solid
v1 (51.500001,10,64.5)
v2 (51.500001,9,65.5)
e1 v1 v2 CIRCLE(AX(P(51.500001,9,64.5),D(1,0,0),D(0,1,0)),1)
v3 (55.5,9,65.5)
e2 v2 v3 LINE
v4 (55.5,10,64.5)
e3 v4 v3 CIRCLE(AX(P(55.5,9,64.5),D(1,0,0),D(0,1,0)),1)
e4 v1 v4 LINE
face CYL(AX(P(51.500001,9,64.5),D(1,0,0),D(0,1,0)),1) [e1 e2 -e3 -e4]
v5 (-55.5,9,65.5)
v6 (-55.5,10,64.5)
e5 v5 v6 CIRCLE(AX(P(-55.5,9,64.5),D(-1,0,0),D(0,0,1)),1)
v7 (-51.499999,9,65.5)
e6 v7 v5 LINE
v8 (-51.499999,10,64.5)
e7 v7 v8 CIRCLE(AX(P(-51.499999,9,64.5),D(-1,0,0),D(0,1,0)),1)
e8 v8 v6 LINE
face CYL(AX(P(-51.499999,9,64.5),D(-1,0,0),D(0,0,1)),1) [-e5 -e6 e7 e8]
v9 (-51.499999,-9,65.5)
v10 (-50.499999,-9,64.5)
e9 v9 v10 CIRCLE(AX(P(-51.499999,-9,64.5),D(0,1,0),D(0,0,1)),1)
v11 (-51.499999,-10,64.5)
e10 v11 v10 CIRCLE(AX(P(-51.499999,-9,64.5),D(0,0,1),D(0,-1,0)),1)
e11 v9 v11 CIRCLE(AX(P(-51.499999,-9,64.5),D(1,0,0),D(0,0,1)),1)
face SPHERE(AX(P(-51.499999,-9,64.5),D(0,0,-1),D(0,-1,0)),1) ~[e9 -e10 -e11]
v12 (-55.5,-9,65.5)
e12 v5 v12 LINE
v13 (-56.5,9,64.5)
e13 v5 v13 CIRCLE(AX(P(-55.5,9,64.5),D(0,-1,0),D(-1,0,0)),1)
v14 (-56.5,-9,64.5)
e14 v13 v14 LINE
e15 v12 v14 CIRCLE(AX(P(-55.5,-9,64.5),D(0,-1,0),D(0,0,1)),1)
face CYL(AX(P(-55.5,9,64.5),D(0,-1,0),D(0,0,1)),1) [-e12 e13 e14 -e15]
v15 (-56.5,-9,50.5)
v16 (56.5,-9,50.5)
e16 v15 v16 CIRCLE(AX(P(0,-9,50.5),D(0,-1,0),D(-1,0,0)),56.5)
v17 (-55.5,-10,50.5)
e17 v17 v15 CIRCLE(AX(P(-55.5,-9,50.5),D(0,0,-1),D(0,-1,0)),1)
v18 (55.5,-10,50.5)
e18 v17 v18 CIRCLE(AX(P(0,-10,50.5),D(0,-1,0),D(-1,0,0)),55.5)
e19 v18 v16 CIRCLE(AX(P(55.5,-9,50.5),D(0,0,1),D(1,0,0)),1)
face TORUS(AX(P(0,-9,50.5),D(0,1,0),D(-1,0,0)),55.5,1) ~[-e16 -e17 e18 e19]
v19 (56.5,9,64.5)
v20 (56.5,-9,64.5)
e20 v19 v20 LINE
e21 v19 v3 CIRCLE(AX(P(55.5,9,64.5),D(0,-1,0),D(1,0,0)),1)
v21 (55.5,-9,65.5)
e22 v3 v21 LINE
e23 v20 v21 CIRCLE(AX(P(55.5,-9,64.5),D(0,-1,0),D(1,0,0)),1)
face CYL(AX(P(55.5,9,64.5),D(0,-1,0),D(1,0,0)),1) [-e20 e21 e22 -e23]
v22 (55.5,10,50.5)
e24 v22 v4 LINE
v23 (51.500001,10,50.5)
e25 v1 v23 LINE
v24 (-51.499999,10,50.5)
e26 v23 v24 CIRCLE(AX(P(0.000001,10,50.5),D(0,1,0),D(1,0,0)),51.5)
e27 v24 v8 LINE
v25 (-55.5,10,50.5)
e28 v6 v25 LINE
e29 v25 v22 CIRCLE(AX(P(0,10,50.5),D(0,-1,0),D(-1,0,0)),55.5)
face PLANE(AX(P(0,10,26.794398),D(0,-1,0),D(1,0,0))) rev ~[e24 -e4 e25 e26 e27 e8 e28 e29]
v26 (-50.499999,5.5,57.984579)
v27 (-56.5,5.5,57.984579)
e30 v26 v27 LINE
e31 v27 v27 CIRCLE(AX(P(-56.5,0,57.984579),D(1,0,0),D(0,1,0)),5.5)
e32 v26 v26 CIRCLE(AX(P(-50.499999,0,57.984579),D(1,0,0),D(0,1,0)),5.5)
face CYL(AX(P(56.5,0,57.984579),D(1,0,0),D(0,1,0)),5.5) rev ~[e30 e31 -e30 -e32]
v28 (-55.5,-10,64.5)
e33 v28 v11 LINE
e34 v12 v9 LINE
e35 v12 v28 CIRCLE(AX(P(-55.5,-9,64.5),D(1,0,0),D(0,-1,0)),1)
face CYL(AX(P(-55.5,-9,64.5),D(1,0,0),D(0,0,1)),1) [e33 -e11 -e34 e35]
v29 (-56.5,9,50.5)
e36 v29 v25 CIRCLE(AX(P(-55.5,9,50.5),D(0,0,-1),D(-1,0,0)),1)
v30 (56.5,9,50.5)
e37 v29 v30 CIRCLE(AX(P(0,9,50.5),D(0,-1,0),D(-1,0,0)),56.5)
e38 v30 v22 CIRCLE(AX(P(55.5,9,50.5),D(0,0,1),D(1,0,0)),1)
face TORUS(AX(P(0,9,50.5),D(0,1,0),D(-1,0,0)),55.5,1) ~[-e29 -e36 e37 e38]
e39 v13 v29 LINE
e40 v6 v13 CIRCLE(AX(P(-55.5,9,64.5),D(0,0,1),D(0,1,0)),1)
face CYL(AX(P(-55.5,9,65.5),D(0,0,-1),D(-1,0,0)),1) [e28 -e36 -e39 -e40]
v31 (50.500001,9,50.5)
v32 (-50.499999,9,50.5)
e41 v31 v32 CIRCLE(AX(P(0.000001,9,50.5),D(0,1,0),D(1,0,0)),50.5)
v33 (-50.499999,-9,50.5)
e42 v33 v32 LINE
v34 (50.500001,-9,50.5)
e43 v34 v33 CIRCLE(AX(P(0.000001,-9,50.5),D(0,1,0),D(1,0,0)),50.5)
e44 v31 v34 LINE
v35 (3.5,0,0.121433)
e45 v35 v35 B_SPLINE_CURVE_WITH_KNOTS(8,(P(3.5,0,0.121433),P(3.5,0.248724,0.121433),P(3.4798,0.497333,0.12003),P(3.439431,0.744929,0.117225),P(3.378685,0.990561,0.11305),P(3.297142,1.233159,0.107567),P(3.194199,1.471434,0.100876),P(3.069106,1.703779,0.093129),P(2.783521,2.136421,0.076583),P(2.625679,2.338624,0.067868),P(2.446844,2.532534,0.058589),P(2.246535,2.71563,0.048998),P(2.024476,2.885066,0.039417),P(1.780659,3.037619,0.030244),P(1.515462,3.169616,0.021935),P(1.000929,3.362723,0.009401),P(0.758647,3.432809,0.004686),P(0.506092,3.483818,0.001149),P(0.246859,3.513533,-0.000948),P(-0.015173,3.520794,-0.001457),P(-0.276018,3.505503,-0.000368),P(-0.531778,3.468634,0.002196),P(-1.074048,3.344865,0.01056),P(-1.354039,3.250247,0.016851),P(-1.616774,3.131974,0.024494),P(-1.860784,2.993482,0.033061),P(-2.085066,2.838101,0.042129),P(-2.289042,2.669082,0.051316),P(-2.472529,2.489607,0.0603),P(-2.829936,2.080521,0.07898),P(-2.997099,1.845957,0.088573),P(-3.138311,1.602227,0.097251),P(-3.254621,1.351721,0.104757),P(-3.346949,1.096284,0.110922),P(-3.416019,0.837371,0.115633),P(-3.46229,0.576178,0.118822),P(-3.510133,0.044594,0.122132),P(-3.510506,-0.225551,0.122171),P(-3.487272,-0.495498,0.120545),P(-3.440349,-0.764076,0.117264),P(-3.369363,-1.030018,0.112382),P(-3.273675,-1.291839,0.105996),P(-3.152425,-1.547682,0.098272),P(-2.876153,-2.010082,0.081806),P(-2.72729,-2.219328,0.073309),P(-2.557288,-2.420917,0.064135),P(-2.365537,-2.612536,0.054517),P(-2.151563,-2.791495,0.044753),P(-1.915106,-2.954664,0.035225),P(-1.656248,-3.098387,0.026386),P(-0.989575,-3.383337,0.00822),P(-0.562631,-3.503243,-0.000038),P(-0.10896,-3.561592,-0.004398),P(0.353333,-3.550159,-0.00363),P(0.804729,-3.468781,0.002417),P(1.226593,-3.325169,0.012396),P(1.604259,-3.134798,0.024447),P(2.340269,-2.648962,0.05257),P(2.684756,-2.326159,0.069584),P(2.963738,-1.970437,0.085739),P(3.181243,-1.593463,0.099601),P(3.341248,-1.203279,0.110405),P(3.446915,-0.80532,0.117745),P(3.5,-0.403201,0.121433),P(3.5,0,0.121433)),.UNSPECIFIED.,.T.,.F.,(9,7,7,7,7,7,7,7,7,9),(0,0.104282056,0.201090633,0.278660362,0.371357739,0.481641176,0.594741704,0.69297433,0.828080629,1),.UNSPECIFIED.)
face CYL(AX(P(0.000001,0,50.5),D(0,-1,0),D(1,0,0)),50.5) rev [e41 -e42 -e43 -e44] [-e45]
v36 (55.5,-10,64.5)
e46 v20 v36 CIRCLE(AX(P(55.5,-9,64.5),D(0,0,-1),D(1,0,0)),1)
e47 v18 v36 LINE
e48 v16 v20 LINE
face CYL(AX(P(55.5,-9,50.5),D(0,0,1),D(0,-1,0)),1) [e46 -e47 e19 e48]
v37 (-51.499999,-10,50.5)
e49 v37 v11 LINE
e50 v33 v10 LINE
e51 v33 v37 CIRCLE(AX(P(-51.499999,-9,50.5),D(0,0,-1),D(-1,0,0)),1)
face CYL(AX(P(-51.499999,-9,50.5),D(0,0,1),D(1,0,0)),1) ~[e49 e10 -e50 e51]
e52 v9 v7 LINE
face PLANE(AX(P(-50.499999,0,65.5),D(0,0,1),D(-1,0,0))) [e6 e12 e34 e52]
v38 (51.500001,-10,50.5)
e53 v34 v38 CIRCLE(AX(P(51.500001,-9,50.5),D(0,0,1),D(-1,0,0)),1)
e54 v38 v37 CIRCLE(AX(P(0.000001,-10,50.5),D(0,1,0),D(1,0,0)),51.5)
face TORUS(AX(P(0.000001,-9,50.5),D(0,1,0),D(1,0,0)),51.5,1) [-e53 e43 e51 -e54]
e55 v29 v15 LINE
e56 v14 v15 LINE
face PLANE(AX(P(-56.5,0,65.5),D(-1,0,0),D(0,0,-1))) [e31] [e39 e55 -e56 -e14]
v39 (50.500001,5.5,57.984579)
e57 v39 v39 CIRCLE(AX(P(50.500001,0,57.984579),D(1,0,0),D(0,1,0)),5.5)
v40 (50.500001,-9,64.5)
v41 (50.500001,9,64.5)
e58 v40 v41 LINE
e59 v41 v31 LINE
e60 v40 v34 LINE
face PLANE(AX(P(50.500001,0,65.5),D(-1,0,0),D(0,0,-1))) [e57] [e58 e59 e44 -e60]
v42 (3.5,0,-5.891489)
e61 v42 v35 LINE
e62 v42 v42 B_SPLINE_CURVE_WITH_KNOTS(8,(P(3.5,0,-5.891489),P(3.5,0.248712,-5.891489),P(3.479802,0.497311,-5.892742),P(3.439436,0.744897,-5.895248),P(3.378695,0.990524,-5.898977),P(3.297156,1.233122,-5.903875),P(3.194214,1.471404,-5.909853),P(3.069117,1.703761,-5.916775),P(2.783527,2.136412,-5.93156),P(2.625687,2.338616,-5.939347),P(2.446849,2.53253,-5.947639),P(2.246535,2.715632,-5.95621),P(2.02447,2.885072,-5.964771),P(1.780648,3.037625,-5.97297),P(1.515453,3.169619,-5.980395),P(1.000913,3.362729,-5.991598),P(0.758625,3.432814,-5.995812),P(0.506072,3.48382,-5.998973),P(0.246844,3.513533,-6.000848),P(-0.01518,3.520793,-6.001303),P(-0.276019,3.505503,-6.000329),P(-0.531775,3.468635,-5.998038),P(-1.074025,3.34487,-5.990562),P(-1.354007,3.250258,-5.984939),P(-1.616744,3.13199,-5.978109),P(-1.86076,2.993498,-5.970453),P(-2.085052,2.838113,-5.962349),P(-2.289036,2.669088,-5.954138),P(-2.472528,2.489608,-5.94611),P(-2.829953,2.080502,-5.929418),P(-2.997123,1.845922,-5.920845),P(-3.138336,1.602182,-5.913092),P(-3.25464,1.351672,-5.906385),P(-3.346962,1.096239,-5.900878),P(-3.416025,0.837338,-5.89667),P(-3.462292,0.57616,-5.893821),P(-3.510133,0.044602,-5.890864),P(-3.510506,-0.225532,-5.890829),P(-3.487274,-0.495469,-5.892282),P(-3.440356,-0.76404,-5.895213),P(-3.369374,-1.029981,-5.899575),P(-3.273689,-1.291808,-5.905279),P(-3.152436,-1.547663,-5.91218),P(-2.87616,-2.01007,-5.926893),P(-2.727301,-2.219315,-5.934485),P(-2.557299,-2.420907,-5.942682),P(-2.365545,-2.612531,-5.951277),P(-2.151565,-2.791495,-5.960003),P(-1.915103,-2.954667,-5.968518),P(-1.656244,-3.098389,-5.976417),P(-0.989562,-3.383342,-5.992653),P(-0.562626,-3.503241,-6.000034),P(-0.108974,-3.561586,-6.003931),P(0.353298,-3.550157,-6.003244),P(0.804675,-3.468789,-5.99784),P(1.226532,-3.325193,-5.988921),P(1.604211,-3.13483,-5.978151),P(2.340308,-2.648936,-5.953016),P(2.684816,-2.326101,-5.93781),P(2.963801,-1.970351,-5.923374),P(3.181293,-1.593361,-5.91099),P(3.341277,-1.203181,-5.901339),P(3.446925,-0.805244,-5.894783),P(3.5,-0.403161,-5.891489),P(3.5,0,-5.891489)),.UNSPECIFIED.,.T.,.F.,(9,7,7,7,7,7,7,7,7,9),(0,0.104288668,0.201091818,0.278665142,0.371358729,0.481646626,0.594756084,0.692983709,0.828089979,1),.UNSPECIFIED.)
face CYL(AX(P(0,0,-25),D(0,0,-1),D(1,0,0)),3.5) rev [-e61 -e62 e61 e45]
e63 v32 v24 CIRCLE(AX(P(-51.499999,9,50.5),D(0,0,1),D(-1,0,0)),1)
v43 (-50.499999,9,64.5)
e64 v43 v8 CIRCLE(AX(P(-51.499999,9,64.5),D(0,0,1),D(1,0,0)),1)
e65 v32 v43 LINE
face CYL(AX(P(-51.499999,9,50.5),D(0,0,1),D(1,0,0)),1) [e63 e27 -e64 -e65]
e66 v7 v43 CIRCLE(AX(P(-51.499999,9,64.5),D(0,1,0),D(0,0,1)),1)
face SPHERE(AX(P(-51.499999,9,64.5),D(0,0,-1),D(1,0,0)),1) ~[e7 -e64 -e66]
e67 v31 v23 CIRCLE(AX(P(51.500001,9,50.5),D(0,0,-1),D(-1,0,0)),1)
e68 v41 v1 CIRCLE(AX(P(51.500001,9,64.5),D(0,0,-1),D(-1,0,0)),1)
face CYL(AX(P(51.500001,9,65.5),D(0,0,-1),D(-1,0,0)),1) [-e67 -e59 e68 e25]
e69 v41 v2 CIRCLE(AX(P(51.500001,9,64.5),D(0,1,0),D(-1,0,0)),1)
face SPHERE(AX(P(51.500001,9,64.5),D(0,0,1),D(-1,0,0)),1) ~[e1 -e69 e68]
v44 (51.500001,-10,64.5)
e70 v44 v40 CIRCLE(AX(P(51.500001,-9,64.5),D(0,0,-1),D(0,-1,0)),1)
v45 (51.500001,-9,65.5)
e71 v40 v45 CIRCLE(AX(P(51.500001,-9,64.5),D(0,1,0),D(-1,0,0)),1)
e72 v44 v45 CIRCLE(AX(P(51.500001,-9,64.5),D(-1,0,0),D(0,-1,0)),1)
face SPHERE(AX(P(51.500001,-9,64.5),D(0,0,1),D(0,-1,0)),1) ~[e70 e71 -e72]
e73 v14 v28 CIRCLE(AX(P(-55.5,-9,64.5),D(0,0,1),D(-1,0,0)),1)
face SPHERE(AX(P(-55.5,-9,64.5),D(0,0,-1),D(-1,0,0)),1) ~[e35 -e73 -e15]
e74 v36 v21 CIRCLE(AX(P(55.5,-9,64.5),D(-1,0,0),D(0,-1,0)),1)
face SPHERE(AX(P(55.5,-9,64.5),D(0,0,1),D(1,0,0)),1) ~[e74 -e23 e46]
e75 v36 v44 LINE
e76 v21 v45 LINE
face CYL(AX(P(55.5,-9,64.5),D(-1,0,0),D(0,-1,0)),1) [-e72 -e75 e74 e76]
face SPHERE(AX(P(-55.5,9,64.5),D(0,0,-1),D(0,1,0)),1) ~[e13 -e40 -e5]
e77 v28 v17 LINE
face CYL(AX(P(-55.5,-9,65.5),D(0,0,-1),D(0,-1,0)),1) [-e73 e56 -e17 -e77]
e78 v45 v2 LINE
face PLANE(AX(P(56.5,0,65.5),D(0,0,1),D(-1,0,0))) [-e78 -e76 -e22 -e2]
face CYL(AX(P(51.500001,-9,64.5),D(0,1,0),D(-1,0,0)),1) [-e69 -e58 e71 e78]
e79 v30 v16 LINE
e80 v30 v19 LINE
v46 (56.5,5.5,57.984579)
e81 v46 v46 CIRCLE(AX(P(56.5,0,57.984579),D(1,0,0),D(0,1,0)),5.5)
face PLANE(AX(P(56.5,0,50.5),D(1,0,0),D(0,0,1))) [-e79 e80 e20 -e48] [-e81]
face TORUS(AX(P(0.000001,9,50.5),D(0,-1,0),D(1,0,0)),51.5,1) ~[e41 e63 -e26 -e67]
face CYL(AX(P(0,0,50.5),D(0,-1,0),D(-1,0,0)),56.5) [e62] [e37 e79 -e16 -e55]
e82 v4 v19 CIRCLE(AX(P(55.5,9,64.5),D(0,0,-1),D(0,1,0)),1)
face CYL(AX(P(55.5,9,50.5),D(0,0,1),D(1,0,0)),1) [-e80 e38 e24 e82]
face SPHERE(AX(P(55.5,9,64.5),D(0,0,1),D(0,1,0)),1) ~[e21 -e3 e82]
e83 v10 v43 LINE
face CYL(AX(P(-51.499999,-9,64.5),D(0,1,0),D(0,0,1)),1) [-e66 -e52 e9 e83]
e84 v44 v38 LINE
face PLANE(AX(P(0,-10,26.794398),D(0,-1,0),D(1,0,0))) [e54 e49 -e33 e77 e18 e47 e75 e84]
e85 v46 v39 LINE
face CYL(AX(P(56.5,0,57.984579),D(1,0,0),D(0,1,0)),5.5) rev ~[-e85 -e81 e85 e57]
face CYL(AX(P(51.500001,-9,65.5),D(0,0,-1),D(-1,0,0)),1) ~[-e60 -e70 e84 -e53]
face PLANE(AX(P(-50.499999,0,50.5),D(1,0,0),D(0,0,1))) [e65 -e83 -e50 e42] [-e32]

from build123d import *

# Parameters (mm, degrees)
F1_DEPTH = 10
F2_R     = 1
F4_R     = 5.5
F5_DEPTH = 113.001
F7_R     = 3.5
F8_DEPTH = 90.501
F9_R     = 1
F10_R    = 1


with BuildPart() as f1:
    # F0 (on Front) → F1 (new body, symmetric)
    with BuildSketch(Plane.XZ):
        with BuildLine():
            Line((-56.5, 65.5), (-56.5, 50.5))
            ThreePointArc((-56.5, 50.5), (0, -6), (56.5, 50.5))
            Line((56.5, 50.5), (56.5, 65.5))
            Line((56.5, 65.5), (50.5000007153, 65.5))
            Line((50.5000007153, 65.5), (50.5000007153, 50.5))
            ThreePointArc((50.5000007153, 50.5), (7.153e-07, 0), (-50.4999992847, 50.5))
            Line((-50.4999992847, 50.5), (-50.4999992847, 65.5))
            Line((-50.4999992847, 65.5), (-56.5, 65.5))
        make_face()
    extrude(amount=F1_DEPTH, both=True)

    # F2
    f2_edges = [f1.edges().sort_by_distance(p)[0] for p in [
        (1e-06, -10, 0),
        (-50.499999, -10, 58),
        (50.500001, -10, 58),
        (0, -10, -6),
        (-56.5, -10, 58),
        (-50.499999, 10, 58),
        (1e-06, 10, 0),
        (50.500001, 10, 58),
        (56.5, 10, 58),
        (0, 10, -6),
        (-56.5, 10, 58),
    ]]
    fillet(f2_edges, radius=F2_R)

    # F4 (on offset) → F5 (cut, through all)
    with BuildSketch(Plane.YZ.offset(56.5)):
        with Locations((0, 57.9845793545)):
            Circle(F4_R)
    extrude(amount=-F5_DEPTH, mode=Mode.SUBTRACT)

    # F7 (on offset) → F8 (cut, through all)
    with BuildSketch(Plane.XY.offset(-25)):
        Circle(F7_R)
    extrude(amount=F8_DEPTH, mode=Mode.SUBTRACT)

    # F9
    f9_edges = [f1.edges().sort_by_distance(p)[0] for p in [
        (-50.499999, 0, 65.5),
        (-50.792893, -9.707107, 65.5),
        (-53.5, -10, 65.5),
        (-56.5, 0, 65.5),
        (-56.207107, -9.707107, 65.5),
        (-56.207107, 9.707107, 65.5),
        (-53.5, 10, 65.5),
        (-50.792893, 9.707107, 65.5),
    ]]
    fillet(f9_edges, radius=F9_R)

    # F10
    f10_edges = [f1.edges().sort_by_distance(p)[0] for p in [
        (56.5, 0, 65.5),
        (56.207107, -9.707107, 65.5),
        (53.5, -10, 65.5),
        (50.792894, -9.707107, 65.5),
        (50.500001, 0, 65.5),
        (50.792894, 9.707107, 65.5),
        (53.5, 10, 65.5),
        (56.207107, 9.707107, 65.5),
    ]]
    fillet(f10_edges, radius=F10_R)


solid = f1.part
